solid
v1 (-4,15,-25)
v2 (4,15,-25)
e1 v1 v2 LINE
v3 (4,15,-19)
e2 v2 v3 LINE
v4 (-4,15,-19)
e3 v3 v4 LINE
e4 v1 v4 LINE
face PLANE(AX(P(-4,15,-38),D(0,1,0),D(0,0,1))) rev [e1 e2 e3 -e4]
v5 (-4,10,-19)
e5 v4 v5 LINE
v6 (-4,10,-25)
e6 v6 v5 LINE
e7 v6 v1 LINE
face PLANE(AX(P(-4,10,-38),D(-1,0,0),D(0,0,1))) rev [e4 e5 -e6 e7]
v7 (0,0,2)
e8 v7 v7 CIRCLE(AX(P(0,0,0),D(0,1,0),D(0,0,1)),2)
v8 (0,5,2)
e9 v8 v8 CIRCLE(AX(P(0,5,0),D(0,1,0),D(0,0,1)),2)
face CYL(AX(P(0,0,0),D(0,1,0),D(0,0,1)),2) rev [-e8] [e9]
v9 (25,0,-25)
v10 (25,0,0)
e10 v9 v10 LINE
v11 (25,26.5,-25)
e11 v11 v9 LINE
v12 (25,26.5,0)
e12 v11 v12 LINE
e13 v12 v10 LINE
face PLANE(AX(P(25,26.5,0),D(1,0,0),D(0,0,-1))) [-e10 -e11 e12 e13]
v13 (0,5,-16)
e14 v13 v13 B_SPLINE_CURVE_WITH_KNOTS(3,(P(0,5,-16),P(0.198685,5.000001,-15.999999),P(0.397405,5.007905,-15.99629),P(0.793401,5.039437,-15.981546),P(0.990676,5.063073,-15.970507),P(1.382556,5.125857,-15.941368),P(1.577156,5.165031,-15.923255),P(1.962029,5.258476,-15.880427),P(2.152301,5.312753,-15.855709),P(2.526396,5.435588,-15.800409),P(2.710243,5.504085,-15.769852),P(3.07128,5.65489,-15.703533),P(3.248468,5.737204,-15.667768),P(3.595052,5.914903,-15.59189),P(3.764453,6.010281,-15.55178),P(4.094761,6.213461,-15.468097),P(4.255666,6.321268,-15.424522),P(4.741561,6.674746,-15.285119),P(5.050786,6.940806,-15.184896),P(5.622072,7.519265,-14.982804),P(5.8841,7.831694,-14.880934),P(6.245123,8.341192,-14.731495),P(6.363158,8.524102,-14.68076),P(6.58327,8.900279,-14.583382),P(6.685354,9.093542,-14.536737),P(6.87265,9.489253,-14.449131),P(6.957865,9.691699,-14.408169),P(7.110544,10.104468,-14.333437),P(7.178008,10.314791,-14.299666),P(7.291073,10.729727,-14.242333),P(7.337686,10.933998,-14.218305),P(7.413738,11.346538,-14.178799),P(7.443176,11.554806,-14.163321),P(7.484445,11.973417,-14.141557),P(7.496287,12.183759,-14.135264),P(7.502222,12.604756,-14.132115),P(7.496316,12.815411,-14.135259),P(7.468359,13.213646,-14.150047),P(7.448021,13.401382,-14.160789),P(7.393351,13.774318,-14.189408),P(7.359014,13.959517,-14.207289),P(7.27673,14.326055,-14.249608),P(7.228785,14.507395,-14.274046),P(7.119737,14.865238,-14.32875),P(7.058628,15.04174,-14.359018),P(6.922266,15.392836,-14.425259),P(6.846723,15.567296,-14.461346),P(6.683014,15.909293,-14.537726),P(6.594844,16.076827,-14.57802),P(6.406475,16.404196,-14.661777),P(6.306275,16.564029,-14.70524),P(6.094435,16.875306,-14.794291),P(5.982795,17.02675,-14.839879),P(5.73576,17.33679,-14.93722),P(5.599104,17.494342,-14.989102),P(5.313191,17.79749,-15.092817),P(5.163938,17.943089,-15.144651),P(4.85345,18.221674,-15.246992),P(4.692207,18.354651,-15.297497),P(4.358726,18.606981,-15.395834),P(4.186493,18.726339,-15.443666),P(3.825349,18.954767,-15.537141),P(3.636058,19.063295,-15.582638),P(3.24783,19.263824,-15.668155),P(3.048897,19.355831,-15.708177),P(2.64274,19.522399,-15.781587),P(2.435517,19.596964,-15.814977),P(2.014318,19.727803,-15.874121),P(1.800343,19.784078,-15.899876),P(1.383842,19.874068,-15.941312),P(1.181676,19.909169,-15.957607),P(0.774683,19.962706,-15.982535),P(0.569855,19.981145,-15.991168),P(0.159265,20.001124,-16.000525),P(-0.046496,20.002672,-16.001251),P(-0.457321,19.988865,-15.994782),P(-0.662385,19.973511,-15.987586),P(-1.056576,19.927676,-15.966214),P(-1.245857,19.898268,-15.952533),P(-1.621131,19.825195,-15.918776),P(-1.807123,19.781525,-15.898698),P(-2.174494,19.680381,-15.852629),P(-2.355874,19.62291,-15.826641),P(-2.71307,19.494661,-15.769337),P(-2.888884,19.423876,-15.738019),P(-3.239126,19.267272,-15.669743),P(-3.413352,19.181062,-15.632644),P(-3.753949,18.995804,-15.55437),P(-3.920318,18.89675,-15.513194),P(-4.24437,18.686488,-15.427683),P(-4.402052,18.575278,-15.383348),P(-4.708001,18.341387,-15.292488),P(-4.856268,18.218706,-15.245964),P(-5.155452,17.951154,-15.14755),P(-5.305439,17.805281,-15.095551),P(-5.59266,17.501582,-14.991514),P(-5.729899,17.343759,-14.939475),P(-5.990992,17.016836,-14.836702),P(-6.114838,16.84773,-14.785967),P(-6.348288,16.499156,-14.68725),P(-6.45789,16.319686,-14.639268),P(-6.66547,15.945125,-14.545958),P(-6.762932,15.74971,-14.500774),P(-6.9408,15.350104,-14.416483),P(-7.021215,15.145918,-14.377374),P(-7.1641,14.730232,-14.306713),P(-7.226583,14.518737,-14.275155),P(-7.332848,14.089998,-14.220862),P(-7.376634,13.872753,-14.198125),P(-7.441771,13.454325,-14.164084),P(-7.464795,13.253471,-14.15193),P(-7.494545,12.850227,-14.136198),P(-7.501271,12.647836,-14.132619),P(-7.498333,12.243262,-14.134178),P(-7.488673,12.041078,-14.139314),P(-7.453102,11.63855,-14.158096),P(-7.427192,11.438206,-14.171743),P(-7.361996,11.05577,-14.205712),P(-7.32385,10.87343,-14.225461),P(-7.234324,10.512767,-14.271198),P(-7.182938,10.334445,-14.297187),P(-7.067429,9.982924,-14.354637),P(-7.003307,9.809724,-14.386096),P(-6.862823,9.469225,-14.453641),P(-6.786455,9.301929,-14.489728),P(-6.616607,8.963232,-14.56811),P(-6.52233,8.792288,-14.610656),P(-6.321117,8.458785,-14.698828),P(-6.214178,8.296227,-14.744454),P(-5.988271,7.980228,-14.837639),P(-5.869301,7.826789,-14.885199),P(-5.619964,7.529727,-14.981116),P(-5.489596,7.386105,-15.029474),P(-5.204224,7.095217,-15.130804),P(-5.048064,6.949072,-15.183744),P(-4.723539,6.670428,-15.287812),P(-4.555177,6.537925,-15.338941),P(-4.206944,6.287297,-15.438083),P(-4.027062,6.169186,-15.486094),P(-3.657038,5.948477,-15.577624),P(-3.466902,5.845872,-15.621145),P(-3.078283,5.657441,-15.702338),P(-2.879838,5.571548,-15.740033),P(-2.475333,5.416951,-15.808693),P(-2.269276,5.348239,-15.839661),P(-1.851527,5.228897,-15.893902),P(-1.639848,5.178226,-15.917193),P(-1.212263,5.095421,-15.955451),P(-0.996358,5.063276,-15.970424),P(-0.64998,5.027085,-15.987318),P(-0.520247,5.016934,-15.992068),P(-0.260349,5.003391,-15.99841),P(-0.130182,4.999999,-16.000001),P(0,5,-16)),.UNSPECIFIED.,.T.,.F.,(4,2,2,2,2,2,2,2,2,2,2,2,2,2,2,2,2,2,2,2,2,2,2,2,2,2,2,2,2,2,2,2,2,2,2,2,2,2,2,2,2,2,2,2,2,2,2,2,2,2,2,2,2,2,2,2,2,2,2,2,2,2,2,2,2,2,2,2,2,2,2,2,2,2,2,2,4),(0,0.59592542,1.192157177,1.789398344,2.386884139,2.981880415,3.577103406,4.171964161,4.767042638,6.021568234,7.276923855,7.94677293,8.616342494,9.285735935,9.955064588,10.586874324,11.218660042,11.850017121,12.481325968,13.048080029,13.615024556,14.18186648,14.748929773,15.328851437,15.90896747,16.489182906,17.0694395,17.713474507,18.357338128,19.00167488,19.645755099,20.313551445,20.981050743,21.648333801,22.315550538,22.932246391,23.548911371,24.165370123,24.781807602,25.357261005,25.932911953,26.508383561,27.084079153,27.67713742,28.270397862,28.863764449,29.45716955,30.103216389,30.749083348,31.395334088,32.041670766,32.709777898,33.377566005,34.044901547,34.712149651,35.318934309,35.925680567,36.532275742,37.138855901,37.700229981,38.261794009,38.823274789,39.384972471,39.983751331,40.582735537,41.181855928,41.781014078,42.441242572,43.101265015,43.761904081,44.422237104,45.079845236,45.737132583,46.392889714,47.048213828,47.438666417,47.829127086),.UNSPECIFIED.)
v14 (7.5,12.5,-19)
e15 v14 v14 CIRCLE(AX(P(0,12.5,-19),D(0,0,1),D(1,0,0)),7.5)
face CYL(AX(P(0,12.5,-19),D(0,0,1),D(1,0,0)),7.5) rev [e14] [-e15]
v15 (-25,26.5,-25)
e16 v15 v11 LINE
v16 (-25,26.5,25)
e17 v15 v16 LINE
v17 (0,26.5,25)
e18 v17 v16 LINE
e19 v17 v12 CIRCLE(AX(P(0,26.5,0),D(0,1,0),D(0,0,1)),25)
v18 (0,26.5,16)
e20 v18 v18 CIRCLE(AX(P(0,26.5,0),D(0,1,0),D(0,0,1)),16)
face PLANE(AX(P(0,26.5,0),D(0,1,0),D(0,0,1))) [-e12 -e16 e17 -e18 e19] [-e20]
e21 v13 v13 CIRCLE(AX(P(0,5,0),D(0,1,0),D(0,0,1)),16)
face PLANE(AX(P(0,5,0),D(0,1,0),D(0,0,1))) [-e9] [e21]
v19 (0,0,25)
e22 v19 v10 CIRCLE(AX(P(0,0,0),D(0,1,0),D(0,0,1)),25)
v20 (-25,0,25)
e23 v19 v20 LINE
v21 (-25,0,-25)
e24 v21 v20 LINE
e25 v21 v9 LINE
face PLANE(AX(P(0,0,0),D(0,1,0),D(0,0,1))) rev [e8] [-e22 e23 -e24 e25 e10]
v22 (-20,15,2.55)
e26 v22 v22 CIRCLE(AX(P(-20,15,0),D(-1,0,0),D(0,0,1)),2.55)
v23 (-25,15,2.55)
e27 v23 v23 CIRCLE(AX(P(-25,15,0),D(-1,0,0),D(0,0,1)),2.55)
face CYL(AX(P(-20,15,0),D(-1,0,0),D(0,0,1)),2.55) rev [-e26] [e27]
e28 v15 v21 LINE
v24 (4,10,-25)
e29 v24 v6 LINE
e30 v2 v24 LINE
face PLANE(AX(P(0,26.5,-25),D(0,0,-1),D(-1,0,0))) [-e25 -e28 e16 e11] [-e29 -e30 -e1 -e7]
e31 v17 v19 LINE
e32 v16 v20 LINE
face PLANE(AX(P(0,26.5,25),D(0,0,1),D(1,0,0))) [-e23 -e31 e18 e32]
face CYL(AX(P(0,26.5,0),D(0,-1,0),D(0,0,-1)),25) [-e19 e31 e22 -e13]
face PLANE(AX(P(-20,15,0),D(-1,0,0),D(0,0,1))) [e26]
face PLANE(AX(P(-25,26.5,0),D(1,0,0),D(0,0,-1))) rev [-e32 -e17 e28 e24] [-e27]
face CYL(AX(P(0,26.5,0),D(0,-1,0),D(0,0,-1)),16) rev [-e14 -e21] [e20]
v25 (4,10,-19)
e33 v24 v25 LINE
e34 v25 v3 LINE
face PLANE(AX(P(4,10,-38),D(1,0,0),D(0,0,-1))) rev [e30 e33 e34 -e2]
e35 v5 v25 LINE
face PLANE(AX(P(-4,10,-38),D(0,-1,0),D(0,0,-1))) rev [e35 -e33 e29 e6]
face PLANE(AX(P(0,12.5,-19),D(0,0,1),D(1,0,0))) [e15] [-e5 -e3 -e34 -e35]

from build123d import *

# Parameters (mm, degrees)
SKETCH1_R           = 16
BOSS_EXTRUDE1_DEPTH = 26.5
SKETCH1_3_R         = 16
BOSS_EXTRUDE2_DEPTH = 5
SKETCH2_R           = 2
CUT_EXTRUDE1_DEPTH  = 5
SKETCH3_R           = 2.55
CUT_EXTRUDE2_DEPTH  = 5
SKETCH5_R           = 7.5
CUT_EXTRUDE8_DEPTH  = 19
SKETCH6_W           = 8
SKETCH6_H           = 5
CUT_EXTRUDE9_DEPTH  = 19


with BuildPart() as part:
    # Sketch1 → Boss-Extrude1 (new body)
    with BuildSketch(Plane(origin=(0, 0, 0), x_dir=(1, 0, 0), z_dir=(0, 1, 0))):
        with BuildLine():
            Line((-25, 25), (-25, -25))
            Line((-25, -25), (0, -25))
            ThreePointArc((0, -25), (17.67766953, -17.67766953), (25, 0))
            Line((25, 0), (25, 25))
            Line((25, 25), (-25, 25))
        make_face()
        Circle(SKETCH1_R, mode=Mode.SUBTRACT)
    extrude(amount=BOSS_EXTRUDE1_DEPTH)

    # Sketch1<3> → Boss-Extrude2 (add)
    with BuildSketch(Plane(origin=(0, 0, 0), x_dir=(1, 0, 0), z_dir=(0, 1, 0))):
        Circle(SKETCH1_3_R)
    extrude(amount=BOSS_EXTRUDE2_DEPTH)

    # Sketch2 → Cut-Extrude1 (cut)
    with BuildSketch(Plane(origin=(0, 5, 0), x_dir=(1, 0, 0), z_dir=(0, 1, 0))):
        Circle(SKETCH2_R)
    extrude(amount=-CUT_EXTRUDE1_DEPTH, mode=Mode.SUBTRACT)

    # Sketch3 → Cut-Extrude2 (cut)
    with BuildSketch(Plane.ZY.offset(25)):
        with Locations((0, 15)):
            Circle(SKETCH3_R)
    extrude(amount=-CUT_EXTRUDE2_DEPTH, mode=Mode.SUBTRACT)

    # Sketch5 → Cut-Extrude8 (cut)
    with BuildSketch(Plane.XY):
        with Locations((0, 12.5)):
            Circle(SKETCH5_R)
    extrude(amount=-CUT_EXTRUDE8_DEPTH, mode=Mode.SUBTRACT)

    # Sketch6 → Cut-Extrude9 (cut)
    with BuildSketch(Plane.XY.offset(-19)):
        with Locations((0, 12.5)):
            Rectangle(SKETCH6_W, SKETCH6_H)
    extrude(amount=-CUT_EXTRUDE9_DEPTH, mode=Mode.SUBTRACT)


solid = part.part
